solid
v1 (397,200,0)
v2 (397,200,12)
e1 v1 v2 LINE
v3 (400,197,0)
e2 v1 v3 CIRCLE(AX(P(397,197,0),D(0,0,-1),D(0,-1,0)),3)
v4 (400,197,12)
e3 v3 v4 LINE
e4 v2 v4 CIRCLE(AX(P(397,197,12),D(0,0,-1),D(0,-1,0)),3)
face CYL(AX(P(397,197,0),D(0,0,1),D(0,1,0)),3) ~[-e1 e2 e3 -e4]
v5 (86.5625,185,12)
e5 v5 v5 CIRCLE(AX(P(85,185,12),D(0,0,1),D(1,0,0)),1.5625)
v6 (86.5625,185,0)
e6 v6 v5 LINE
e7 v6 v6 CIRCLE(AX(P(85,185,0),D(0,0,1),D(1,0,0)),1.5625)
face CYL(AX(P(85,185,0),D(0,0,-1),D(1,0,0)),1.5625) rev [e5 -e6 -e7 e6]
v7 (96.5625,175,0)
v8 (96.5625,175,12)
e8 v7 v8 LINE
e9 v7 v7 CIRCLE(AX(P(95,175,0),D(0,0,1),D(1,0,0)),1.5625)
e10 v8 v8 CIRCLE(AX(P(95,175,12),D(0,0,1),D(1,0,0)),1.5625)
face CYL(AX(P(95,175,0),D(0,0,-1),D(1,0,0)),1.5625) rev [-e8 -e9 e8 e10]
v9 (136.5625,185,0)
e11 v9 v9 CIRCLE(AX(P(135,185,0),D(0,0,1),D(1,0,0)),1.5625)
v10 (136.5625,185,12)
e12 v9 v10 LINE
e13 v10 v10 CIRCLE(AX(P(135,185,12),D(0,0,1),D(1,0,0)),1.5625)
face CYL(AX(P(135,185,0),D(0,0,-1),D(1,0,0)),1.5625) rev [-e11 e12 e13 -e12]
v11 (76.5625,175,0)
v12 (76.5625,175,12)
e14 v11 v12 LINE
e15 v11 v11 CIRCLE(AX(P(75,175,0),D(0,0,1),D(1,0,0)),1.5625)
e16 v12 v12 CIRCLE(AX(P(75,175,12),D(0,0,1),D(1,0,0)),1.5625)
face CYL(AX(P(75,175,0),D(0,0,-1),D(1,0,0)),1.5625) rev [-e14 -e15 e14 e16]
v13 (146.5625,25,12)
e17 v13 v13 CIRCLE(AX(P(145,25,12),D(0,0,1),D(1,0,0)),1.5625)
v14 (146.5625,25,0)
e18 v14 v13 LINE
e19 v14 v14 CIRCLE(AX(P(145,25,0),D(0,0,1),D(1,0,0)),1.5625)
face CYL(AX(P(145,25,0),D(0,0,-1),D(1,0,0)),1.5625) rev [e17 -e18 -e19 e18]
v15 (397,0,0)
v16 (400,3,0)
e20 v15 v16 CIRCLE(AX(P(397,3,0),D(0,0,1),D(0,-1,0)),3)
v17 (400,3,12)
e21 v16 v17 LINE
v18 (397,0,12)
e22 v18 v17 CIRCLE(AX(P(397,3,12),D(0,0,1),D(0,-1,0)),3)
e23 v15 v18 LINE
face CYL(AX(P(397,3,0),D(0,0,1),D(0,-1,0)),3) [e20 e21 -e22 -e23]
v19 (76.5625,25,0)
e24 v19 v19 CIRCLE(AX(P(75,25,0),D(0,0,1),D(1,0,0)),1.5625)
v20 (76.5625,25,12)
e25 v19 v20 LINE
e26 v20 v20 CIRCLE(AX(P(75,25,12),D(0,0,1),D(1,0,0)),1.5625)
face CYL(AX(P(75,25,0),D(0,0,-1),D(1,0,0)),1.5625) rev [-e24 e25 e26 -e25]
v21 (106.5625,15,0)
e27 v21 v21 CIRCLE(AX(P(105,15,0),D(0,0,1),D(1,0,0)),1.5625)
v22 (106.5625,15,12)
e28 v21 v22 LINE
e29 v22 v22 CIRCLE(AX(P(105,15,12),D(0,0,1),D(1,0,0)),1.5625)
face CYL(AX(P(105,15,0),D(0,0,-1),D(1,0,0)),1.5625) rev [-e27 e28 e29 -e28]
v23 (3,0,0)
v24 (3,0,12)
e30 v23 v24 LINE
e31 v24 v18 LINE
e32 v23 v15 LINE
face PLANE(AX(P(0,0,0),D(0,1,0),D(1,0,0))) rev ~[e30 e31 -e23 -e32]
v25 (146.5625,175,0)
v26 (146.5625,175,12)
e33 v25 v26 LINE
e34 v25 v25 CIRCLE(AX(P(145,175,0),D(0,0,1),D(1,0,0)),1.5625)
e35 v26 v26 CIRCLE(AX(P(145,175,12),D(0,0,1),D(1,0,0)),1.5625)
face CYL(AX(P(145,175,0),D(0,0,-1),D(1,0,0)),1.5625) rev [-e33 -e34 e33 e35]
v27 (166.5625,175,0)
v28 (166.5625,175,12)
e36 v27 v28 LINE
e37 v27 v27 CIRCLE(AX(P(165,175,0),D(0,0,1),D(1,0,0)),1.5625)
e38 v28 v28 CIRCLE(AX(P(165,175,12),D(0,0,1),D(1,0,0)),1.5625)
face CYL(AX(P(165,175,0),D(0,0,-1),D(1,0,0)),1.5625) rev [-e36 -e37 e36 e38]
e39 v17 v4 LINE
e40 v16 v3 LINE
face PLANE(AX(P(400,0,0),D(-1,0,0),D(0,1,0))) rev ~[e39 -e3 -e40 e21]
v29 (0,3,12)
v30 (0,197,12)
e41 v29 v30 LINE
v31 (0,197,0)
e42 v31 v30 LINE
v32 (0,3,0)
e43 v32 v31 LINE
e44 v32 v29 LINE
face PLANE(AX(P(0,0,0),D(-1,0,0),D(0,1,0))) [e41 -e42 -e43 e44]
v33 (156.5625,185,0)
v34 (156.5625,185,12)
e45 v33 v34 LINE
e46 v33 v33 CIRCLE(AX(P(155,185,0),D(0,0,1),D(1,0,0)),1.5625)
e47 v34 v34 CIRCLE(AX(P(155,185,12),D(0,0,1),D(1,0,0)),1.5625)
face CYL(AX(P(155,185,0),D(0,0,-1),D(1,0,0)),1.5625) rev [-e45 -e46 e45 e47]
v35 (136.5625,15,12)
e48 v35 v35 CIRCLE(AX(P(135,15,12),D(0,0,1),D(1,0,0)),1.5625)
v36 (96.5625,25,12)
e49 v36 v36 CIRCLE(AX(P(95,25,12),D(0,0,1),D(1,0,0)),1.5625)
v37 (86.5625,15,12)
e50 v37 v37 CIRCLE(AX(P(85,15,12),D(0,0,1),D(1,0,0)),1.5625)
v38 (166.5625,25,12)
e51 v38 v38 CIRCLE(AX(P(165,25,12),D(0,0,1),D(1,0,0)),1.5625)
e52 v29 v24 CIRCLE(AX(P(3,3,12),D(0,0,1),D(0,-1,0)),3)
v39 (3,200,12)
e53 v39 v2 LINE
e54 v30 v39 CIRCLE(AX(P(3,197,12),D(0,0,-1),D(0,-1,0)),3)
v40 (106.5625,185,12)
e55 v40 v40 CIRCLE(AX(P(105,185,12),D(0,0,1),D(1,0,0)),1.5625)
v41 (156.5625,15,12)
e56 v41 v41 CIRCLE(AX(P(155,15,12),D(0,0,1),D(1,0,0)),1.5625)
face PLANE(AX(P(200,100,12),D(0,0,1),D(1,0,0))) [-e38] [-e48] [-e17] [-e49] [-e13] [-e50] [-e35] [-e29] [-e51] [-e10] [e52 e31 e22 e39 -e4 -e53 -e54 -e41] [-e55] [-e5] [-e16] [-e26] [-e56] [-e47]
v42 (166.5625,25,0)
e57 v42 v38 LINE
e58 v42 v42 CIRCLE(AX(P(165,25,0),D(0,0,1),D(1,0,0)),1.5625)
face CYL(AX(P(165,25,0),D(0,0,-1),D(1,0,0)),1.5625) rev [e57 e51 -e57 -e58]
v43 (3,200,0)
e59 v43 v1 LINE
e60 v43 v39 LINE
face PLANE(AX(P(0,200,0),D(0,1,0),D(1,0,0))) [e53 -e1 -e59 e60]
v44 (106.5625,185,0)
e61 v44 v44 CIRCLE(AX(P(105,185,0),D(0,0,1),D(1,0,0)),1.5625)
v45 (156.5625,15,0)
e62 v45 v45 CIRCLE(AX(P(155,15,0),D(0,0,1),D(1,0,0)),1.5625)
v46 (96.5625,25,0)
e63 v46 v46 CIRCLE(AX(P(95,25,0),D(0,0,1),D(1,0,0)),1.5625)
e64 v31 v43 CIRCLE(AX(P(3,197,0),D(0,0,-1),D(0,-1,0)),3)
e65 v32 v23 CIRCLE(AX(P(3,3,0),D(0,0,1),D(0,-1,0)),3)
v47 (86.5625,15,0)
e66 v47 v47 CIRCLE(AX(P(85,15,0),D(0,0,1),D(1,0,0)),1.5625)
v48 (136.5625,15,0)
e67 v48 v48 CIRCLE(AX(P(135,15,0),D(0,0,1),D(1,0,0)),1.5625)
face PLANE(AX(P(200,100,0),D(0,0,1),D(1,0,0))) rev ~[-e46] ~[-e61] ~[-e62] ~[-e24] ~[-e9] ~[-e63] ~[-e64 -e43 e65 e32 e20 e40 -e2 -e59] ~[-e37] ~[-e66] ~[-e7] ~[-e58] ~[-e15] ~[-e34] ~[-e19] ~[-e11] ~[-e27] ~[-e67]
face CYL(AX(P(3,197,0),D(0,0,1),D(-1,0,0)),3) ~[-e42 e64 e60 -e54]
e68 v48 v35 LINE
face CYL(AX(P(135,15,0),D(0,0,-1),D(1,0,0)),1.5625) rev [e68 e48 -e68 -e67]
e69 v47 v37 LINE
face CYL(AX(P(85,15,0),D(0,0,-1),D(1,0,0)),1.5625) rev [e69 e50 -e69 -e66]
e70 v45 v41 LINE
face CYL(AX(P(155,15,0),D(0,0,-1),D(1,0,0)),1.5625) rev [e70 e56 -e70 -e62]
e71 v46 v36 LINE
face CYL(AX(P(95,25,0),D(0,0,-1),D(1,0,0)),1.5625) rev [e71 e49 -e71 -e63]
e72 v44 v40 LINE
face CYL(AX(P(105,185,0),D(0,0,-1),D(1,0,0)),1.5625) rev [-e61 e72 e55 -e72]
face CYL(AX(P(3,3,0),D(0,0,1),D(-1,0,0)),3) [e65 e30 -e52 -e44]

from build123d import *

# Parameters (mm, degrees)
SKETCH_W  = 400
SKETCH_H  = 200
SKETCH_R  = 1.5625
PAD_DEPTH = 12
FILLET_R  = 3


with BuildPart() as part:
    # Sketch → Pad (new body)
    with BuildSketch(Plane.XY):
        with Locations((200, 100)):
            Rectangle(SKETCH_W, SKETCH_H)
        with Locations((85, 15)):
            Circle(SKETCH_R, mode=Mode.SUBTRACT)
        with Locations((105, 15)):
            Circle(SKETCH_R, mode=Mode.SUBTRACT)
        with Locations((75, 25)):
            Circle(SKETCH_R, mode=Mode.SUBTRACT)
        with Locations((95, 25)):
            Circle(SKETCH_R, mode=Mode.SUBTRACT)
        with Locations((155, 15)):
            Circle(SKETCH_R, mode=Mode.SUBTRACT)
        with Locations((135, 15)):
            Circle(SKETCH_R, mode=Mode.SUBTRACT)
        with Locations((145, 25)):
            Circle(SKETCH_R, mode=Mode.SUBTRACT)
        with Locations((165, 25)):
            Circle(SKETCH_R, mode=Mode.SUBTRACT)
        with Locations((85, 185)):
            Circle(SKETCH_R, mode=Mode.SUBTRACT)
        with Locations((105, 185)):
            Circle(SKETCH_R, mode=Mode.SUBTRACT)
        with Locations((75, 175)):
            Circle(SKETCH_R, mode=Mode.SUBTRACT)
        with Locations((95, 175)):
            Circle(SKETCH_R, mode=Mode.SUBTRACT)
        with Locations((155, 185)):
            Circle(SKETCH_R, mode=Mode.SUBTRACT)
        with Locations((135, 185)):
            Circle(SKETCH_R, mode=Mode.SUBTRACT)
        with Locations((145, 175)):
            Circle(SKETCH_R, mode=Mode.SUBTRACT)
        with Locations((165, 175)):
            Circle(SKETCH_R, mode=Mode.SUBTRACT)
    extrude(amount=PAD_DEPTH)

    # Fillet
    fillet_edges = [part.edges().sort_by_distance(p)[0] for p in [
        (0, 0, 6),
        (400, 0, 6),
        (400, 200, 6),
        (0, 200, 6),
    ]]
    fillet(fillet_edges, radius=FILLET_R)


solid = part.part
